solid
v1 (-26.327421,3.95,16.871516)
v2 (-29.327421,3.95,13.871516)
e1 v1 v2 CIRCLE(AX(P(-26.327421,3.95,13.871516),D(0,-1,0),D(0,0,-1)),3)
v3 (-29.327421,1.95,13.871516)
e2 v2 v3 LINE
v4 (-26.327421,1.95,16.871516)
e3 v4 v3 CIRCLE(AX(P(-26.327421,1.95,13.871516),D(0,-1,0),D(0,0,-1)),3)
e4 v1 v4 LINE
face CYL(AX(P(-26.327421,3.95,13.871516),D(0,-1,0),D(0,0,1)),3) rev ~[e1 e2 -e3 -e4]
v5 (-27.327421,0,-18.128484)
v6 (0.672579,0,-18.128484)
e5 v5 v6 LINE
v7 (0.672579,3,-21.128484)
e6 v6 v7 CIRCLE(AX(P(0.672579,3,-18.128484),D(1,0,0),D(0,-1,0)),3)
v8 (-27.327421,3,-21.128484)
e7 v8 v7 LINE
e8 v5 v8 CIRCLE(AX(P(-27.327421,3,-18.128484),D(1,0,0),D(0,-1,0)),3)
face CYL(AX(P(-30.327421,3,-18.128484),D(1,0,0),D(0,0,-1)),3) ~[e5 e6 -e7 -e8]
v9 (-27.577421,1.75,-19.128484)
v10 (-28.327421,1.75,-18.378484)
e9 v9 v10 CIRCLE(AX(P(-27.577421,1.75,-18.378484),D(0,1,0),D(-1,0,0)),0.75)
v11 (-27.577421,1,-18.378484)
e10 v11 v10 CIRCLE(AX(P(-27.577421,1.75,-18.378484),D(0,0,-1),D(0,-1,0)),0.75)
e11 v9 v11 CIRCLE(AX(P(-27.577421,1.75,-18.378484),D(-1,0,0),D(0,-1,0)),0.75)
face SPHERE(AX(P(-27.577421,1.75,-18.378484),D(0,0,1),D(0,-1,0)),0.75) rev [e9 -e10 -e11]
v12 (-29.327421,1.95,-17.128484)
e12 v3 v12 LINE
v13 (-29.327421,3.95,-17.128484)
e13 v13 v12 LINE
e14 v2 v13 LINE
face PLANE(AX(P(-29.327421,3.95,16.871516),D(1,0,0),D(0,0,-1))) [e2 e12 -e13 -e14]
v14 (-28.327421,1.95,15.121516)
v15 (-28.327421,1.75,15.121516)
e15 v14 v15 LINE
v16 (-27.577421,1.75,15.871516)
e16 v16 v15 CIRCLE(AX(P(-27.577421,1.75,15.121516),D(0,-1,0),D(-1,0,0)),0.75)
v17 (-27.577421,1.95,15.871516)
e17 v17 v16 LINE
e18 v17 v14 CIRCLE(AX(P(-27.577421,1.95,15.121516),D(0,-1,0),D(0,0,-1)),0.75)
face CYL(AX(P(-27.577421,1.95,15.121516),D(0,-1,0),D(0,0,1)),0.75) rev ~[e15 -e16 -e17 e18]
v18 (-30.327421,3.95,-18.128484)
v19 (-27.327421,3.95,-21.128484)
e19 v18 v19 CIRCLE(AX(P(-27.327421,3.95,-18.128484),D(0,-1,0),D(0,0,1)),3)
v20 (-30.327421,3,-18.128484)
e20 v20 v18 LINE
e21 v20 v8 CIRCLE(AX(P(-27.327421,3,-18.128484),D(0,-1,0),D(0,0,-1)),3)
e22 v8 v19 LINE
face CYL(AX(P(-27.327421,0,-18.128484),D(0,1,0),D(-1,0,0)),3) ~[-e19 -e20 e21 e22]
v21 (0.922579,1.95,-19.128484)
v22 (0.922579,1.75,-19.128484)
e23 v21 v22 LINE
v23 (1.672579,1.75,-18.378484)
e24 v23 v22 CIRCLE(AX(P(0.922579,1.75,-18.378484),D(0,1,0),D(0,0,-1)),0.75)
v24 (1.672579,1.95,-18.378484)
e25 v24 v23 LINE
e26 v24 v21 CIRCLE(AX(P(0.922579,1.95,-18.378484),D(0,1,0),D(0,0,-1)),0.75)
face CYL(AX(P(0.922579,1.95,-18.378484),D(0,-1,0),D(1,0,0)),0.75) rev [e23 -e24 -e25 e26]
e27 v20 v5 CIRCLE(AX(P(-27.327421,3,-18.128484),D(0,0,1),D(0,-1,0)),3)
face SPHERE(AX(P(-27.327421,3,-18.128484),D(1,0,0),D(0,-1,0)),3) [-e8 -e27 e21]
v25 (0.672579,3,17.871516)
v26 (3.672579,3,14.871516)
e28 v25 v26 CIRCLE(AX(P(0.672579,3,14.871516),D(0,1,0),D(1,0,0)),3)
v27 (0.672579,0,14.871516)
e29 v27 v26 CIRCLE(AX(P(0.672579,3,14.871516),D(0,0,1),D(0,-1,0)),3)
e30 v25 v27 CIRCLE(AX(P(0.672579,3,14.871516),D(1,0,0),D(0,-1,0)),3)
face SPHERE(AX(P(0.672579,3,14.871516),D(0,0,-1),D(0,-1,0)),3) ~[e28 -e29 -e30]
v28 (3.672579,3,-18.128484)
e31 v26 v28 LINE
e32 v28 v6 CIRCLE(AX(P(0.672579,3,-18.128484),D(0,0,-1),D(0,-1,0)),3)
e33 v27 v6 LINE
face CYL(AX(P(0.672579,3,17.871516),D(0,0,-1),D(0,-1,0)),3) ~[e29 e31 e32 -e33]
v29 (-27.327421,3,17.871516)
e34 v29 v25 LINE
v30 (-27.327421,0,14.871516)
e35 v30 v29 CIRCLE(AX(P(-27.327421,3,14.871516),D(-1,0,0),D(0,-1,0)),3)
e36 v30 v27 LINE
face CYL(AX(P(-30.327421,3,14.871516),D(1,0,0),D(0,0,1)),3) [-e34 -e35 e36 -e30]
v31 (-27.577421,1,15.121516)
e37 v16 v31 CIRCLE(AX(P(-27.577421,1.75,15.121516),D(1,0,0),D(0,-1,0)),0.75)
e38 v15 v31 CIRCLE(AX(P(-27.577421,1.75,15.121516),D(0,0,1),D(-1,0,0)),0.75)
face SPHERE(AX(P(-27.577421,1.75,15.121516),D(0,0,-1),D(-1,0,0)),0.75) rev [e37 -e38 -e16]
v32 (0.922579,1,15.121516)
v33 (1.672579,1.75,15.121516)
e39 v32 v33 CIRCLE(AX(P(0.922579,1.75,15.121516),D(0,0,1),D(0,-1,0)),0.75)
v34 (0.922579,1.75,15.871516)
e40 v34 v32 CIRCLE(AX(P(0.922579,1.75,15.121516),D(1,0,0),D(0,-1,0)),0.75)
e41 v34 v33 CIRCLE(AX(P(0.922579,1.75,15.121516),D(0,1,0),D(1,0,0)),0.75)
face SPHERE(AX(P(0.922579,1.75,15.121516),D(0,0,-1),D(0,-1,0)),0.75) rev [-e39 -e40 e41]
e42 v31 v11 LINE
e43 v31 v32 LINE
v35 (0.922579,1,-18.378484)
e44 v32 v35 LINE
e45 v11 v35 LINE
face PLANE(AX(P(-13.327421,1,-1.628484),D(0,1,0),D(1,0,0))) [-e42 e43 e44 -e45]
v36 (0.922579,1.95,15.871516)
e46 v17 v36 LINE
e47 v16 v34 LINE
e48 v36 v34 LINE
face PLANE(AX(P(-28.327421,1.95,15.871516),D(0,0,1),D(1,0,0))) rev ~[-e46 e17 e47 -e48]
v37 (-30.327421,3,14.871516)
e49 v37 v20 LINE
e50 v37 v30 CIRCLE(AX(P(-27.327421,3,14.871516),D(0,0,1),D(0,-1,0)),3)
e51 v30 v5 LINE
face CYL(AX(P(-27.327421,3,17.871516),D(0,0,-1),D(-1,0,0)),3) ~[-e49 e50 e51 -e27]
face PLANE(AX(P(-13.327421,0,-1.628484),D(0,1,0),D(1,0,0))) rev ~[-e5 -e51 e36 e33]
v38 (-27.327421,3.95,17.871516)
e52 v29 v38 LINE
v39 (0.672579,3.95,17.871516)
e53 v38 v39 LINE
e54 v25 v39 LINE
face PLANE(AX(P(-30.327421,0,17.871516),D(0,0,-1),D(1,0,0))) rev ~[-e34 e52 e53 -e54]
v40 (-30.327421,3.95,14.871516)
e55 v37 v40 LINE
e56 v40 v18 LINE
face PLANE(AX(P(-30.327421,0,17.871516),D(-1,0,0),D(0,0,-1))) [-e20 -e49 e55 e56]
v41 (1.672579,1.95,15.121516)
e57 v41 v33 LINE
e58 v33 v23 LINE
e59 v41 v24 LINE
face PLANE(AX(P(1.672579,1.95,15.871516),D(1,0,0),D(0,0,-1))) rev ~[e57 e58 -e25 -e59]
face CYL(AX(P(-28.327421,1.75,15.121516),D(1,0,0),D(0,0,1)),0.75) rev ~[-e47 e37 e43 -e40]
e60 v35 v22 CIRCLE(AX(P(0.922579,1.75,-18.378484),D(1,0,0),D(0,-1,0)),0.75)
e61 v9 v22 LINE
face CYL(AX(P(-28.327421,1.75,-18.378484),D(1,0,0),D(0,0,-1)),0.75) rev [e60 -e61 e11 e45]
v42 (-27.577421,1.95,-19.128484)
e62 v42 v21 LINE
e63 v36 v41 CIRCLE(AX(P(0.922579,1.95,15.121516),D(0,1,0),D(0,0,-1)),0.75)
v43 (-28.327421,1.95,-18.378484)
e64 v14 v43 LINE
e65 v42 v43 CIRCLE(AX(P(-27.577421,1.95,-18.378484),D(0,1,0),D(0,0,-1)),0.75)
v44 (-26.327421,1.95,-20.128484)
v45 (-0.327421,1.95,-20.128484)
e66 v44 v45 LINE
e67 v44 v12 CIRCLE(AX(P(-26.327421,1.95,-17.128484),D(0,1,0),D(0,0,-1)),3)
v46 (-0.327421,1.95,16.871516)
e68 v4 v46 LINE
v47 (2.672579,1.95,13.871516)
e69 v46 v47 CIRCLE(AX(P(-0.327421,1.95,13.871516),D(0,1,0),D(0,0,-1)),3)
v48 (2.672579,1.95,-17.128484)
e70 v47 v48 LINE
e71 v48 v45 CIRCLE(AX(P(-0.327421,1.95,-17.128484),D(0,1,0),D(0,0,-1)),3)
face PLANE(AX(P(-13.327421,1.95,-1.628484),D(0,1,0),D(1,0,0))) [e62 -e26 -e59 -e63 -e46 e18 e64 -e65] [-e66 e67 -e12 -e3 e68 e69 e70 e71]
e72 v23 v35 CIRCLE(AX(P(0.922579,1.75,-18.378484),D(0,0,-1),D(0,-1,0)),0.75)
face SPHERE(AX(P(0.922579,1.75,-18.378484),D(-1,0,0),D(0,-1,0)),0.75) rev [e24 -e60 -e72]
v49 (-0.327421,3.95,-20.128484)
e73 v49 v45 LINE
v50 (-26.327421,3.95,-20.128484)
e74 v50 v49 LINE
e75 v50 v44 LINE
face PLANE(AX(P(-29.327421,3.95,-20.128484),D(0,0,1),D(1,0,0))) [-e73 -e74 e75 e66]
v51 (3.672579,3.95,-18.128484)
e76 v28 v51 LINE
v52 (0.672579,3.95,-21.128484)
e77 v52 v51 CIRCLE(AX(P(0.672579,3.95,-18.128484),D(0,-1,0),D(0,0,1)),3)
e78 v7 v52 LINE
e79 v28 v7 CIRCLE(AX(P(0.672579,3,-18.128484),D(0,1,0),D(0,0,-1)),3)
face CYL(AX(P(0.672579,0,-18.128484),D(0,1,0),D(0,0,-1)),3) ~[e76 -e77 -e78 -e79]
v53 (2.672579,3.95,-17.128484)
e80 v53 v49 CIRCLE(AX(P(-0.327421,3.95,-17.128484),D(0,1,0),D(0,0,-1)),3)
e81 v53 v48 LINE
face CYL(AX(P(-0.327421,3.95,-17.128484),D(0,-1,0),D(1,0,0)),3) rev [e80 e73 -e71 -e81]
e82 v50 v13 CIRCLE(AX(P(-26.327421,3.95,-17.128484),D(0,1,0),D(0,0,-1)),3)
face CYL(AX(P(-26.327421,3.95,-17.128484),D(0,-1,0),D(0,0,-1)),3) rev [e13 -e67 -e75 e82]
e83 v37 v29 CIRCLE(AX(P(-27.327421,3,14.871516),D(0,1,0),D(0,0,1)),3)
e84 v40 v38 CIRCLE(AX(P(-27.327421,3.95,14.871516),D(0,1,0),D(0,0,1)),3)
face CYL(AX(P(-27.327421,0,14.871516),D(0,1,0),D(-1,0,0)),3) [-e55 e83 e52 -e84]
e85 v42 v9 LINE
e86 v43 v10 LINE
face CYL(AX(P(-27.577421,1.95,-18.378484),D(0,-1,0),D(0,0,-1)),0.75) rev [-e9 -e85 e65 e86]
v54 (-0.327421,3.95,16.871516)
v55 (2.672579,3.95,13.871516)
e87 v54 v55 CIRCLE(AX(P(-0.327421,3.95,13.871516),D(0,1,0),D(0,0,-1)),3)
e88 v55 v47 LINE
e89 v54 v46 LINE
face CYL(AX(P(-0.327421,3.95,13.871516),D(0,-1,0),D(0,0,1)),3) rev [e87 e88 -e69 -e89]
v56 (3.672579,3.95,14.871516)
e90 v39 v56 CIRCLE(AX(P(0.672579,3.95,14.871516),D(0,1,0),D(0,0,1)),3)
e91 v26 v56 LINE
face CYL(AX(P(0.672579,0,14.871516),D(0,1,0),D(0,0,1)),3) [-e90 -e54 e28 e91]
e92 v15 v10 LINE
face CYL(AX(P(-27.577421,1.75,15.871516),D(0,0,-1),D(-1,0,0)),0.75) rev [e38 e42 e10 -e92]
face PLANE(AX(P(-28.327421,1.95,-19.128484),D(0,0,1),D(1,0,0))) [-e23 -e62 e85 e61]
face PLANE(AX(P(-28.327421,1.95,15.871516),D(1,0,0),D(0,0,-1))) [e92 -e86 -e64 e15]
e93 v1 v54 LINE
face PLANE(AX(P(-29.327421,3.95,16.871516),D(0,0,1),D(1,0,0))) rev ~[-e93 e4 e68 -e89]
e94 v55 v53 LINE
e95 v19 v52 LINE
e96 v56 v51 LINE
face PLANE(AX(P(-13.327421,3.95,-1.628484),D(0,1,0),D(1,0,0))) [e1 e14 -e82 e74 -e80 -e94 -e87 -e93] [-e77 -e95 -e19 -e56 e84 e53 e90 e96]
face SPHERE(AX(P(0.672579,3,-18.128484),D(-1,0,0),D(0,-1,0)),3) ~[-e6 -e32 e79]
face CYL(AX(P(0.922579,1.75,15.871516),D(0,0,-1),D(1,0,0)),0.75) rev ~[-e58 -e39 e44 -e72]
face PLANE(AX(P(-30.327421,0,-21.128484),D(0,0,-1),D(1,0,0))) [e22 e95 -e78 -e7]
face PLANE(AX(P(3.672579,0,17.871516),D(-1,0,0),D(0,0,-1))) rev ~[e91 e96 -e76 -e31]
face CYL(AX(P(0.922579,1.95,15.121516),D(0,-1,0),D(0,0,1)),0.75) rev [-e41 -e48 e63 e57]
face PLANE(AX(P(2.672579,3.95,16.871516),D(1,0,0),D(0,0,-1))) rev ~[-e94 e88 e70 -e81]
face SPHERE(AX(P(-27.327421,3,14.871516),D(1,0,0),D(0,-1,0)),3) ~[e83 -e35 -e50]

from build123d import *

# Parameters (mm, degrees)
SCHIZZO1_W                   = 34
SCHIZZO1_H                   = 39
ESTRUSIONE_ESTRUSIONE1_DEPTH = 3.95
SCHIZZO2_W                   = 32
SCHIZZO2_H                   = 37
TAGLIO_ESTRUSIONE1_DEPTH     = 2
SCHIZZO3_W                   = 30
SCHIZZO3_H                   = 35
TAGLIO_ESTRUSIONE2_DEPTH     = 0.95
RACCORDO1_R                  = 3
RACCORDO2_R                  = 0.75


with BuildPart() as part:
    # Schizzo1 → Estrusione-Estrusione1 (new body)
    with BuildSketch(Plane(origin=(0, 0, 0), x_dir=(1, 0, 0), z_dir=(0, 1, 0))):
        with Locations((-13.327421164, 1.628483957)):
            Rectangle(SCHIZZO1_W, SCHIZZO1_H)
    extrude(amount=ESTRUSIONE_ESTRUSIONE1_DEPTH)

    # Schizzo2 → Taglio-Estrusione1 (cut)
    with BuildSketch(Plane(origin=(0, 3.95, 0), x_dir=(1, 0, 0), z_dir=(0, 1, 0))):
        with Locations((-13.327421164, 1.628483957)):
            Rectangle(SCHIZZO2_W, SCHIZZO2_H)
    extrude(amount=-TAGLIO_ESTRUSIONE1_DEPTH, mode=Mode.SUBTRACT)

    # Schizzo3 → Taglio-Estrusione2 (cut)
    with BuildSketch(Plane(origin=(0, 1.95, 0), x_dir=(1, 0, 0), z_dir=(0, 1, 0))):
        with Locations((-13.327421164, 1.628483957)):
            Rectangle(SCHIZZO3_W, SCHIZZO3_H)
    extrude(amount=-TAGLIO_ESTRUSIONE2_DEPTH, mode=Mode.SUBTRACT)

    # Raccordo1
    raccordo1_edges = [part.edges().sort_by_distance(p)[0] for p in [
        (-29.327421164, 2.95, 16.871516043),
        (-29.327421164, 2.95, -20.128483957),
        (2.672578836, 2.95, -20.128483957),
        (2.672578836, 2.95, 16.871516043),
        (-13.327421164, 0, -21.128483957),
        (3.672578836, 0, -1.628483957),
        (-13.327421164, 0, 17.871516043),
        (-30.327421164, 0, -1.628483957),
        (-30.327421164, 1.975, -21.128483957),
        (3.672578836, 1.975, -21.128483957),
        (3.672578836, 1.975, 17.871516043),
        (-30.327421164, 1.975, 17.871516043),
    ]]
    fillet(raccordo1_edges, radius=RACCORDO1_R)

    # Raccordo2
    raccordo2_edges = [part.edges().sort_by_distance(p)[0] for p in [
        (-28.327421164, 1, -1.628483957),
        (-28.327421164, 1.475, 15.871516043),
        (-13.327421164, 1, -19.128483957),
        (-28.327421164, 1.475, -19.128483957),
        (1.672578836, 1, -1.628483957),
        (1.672578836, 1.475, -19.128483957),
        (-13.327421164, 1, 15.871516043),
        (1.672578836, 1.475, 15.871516043),
    ]]
    fillet(raccordo2_edges, radius=RACCORDO2_R)


solid = part.part
